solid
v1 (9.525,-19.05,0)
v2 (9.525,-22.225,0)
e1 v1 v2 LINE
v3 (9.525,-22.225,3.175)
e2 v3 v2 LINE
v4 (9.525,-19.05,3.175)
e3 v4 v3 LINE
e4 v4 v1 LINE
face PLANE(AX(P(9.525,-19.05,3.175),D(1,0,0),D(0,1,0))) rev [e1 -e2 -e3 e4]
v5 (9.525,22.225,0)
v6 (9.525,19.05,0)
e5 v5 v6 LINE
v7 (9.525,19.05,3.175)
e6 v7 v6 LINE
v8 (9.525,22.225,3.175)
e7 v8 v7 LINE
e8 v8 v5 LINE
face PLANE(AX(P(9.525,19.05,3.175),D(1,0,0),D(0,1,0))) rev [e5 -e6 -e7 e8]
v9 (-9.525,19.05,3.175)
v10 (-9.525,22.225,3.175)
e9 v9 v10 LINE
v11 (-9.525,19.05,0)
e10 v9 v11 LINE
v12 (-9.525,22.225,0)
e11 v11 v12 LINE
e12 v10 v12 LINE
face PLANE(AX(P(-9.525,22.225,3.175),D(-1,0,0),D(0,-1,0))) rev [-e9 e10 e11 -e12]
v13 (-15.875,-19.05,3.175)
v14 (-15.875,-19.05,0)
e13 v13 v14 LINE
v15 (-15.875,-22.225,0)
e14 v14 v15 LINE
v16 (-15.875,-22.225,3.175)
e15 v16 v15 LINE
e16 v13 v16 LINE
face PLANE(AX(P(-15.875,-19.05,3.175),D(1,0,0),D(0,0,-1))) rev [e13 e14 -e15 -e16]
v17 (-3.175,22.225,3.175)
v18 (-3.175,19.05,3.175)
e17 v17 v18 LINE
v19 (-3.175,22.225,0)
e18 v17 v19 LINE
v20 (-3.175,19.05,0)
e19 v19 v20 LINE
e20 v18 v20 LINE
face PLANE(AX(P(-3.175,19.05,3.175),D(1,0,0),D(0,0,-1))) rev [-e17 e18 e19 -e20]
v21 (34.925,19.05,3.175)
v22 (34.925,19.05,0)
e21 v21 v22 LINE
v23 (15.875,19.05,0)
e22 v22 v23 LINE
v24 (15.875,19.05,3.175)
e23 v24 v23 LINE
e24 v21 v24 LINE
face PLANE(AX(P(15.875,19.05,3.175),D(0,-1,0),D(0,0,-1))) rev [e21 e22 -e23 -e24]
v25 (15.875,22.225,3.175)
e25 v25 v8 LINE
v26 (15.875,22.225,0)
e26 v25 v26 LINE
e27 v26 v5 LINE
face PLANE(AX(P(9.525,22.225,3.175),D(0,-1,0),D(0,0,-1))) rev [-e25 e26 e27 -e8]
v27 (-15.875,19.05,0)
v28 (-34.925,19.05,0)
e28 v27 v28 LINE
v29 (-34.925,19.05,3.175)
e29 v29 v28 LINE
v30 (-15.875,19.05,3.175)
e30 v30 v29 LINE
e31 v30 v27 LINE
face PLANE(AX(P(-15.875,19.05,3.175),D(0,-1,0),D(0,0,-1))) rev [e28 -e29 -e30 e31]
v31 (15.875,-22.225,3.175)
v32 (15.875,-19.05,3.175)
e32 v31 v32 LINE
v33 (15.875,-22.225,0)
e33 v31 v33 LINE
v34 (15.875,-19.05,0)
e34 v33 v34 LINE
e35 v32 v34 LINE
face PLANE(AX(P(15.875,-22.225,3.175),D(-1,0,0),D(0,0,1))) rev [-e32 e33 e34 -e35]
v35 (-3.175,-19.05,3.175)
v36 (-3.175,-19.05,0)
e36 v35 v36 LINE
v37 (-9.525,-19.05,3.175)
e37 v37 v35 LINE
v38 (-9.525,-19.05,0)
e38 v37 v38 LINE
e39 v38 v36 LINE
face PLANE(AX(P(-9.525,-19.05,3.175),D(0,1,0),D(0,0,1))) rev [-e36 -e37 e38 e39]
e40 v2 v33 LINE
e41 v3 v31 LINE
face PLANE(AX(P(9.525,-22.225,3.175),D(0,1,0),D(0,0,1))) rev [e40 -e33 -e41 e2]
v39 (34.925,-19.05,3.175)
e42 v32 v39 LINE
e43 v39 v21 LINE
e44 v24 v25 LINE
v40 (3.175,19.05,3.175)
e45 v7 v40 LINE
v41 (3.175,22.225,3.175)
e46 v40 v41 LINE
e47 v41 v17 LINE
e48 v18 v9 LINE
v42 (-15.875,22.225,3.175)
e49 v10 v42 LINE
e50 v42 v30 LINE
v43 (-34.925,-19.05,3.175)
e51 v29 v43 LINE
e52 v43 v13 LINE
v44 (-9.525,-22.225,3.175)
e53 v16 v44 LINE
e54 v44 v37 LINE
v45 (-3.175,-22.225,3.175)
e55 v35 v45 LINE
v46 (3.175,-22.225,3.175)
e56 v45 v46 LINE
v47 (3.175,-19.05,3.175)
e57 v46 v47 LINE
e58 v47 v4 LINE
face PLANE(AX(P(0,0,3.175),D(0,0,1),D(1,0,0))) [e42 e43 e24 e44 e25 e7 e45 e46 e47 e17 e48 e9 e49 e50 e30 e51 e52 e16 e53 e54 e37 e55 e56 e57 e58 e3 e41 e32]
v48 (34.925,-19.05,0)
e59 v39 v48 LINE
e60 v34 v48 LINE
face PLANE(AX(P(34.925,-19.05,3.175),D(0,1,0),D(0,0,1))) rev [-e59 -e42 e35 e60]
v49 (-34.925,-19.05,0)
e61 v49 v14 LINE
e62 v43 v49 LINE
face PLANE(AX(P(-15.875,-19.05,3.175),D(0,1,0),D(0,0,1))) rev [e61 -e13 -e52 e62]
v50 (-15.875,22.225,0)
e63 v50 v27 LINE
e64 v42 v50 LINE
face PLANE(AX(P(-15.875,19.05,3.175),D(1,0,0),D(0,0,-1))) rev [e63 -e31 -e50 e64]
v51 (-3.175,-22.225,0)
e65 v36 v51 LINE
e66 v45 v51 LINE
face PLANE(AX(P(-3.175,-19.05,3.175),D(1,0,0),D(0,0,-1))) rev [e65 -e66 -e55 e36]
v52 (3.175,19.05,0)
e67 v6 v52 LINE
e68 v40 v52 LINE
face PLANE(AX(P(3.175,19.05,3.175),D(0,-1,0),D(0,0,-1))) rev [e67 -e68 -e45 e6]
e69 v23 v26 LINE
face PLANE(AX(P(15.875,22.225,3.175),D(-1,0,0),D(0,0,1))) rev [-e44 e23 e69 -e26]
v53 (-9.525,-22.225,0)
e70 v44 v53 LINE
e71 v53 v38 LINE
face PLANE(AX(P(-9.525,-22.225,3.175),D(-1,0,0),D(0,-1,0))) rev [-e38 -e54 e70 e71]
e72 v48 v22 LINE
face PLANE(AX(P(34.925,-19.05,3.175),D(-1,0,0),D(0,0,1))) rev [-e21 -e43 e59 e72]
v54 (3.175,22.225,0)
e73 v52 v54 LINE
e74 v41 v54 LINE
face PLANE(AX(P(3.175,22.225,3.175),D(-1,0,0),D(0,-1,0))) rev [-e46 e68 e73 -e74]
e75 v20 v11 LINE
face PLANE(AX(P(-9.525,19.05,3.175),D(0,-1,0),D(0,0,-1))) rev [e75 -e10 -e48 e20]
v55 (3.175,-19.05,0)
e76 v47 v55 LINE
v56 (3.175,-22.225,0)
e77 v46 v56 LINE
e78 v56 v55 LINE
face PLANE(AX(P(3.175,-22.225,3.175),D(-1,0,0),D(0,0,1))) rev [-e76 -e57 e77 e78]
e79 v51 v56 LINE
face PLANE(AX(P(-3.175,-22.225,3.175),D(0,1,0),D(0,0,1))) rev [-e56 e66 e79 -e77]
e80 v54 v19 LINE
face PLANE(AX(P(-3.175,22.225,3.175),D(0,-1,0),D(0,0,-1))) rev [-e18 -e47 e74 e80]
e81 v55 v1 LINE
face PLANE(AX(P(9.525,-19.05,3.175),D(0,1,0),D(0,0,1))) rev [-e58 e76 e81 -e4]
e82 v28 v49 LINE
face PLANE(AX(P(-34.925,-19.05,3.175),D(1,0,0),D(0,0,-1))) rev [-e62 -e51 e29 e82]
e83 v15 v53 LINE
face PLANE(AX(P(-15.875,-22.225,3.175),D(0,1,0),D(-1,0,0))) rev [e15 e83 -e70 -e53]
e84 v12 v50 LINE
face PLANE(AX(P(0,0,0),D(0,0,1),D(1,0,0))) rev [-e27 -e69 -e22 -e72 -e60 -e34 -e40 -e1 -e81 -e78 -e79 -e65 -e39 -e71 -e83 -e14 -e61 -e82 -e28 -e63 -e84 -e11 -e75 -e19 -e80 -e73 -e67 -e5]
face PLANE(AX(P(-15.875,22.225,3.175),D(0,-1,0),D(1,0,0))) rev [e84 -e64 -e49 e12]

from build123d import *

# Parameters (mm, degrees)
BOSS_EXTRUDE1_DEPTH = 3.175


with BuildPart() as part:
    # Sketch1 → Boss-Extrude1 (new body)
    with BuildSketch(Plane.XY):
        Polygon((-34.925, -19.05), (-34.925, 19.05), (-15.875, 19.05), (-15.875, 22.225), (-9.525, 22.225), (-9.525, 19.05), (-3.175, 19.05), (-3.175, 22.225), (3.175, 22.225), (3.175, 19.05), (9.525, 19.05), (9.525, 22.225), (15.875, 22.225), (15.875, 19.05), (34.925, 19.05), (34.925, -19.05), (15.875, -19.05), (15.875, -22.225), (9.525, -22.225), (9.525, -19.05), (3.175, -19.05), (3.175, -22.225), (-3.175, -22.225), (-3.175, -19.05), (-9.525, -19.05), (-9.525, -22.225), (-15.875, -22.225), (-15.875, -19.05), align=None)
    extrude(amount=BOSS_EXTRUDE1_DEPTH)


solid = part.part
